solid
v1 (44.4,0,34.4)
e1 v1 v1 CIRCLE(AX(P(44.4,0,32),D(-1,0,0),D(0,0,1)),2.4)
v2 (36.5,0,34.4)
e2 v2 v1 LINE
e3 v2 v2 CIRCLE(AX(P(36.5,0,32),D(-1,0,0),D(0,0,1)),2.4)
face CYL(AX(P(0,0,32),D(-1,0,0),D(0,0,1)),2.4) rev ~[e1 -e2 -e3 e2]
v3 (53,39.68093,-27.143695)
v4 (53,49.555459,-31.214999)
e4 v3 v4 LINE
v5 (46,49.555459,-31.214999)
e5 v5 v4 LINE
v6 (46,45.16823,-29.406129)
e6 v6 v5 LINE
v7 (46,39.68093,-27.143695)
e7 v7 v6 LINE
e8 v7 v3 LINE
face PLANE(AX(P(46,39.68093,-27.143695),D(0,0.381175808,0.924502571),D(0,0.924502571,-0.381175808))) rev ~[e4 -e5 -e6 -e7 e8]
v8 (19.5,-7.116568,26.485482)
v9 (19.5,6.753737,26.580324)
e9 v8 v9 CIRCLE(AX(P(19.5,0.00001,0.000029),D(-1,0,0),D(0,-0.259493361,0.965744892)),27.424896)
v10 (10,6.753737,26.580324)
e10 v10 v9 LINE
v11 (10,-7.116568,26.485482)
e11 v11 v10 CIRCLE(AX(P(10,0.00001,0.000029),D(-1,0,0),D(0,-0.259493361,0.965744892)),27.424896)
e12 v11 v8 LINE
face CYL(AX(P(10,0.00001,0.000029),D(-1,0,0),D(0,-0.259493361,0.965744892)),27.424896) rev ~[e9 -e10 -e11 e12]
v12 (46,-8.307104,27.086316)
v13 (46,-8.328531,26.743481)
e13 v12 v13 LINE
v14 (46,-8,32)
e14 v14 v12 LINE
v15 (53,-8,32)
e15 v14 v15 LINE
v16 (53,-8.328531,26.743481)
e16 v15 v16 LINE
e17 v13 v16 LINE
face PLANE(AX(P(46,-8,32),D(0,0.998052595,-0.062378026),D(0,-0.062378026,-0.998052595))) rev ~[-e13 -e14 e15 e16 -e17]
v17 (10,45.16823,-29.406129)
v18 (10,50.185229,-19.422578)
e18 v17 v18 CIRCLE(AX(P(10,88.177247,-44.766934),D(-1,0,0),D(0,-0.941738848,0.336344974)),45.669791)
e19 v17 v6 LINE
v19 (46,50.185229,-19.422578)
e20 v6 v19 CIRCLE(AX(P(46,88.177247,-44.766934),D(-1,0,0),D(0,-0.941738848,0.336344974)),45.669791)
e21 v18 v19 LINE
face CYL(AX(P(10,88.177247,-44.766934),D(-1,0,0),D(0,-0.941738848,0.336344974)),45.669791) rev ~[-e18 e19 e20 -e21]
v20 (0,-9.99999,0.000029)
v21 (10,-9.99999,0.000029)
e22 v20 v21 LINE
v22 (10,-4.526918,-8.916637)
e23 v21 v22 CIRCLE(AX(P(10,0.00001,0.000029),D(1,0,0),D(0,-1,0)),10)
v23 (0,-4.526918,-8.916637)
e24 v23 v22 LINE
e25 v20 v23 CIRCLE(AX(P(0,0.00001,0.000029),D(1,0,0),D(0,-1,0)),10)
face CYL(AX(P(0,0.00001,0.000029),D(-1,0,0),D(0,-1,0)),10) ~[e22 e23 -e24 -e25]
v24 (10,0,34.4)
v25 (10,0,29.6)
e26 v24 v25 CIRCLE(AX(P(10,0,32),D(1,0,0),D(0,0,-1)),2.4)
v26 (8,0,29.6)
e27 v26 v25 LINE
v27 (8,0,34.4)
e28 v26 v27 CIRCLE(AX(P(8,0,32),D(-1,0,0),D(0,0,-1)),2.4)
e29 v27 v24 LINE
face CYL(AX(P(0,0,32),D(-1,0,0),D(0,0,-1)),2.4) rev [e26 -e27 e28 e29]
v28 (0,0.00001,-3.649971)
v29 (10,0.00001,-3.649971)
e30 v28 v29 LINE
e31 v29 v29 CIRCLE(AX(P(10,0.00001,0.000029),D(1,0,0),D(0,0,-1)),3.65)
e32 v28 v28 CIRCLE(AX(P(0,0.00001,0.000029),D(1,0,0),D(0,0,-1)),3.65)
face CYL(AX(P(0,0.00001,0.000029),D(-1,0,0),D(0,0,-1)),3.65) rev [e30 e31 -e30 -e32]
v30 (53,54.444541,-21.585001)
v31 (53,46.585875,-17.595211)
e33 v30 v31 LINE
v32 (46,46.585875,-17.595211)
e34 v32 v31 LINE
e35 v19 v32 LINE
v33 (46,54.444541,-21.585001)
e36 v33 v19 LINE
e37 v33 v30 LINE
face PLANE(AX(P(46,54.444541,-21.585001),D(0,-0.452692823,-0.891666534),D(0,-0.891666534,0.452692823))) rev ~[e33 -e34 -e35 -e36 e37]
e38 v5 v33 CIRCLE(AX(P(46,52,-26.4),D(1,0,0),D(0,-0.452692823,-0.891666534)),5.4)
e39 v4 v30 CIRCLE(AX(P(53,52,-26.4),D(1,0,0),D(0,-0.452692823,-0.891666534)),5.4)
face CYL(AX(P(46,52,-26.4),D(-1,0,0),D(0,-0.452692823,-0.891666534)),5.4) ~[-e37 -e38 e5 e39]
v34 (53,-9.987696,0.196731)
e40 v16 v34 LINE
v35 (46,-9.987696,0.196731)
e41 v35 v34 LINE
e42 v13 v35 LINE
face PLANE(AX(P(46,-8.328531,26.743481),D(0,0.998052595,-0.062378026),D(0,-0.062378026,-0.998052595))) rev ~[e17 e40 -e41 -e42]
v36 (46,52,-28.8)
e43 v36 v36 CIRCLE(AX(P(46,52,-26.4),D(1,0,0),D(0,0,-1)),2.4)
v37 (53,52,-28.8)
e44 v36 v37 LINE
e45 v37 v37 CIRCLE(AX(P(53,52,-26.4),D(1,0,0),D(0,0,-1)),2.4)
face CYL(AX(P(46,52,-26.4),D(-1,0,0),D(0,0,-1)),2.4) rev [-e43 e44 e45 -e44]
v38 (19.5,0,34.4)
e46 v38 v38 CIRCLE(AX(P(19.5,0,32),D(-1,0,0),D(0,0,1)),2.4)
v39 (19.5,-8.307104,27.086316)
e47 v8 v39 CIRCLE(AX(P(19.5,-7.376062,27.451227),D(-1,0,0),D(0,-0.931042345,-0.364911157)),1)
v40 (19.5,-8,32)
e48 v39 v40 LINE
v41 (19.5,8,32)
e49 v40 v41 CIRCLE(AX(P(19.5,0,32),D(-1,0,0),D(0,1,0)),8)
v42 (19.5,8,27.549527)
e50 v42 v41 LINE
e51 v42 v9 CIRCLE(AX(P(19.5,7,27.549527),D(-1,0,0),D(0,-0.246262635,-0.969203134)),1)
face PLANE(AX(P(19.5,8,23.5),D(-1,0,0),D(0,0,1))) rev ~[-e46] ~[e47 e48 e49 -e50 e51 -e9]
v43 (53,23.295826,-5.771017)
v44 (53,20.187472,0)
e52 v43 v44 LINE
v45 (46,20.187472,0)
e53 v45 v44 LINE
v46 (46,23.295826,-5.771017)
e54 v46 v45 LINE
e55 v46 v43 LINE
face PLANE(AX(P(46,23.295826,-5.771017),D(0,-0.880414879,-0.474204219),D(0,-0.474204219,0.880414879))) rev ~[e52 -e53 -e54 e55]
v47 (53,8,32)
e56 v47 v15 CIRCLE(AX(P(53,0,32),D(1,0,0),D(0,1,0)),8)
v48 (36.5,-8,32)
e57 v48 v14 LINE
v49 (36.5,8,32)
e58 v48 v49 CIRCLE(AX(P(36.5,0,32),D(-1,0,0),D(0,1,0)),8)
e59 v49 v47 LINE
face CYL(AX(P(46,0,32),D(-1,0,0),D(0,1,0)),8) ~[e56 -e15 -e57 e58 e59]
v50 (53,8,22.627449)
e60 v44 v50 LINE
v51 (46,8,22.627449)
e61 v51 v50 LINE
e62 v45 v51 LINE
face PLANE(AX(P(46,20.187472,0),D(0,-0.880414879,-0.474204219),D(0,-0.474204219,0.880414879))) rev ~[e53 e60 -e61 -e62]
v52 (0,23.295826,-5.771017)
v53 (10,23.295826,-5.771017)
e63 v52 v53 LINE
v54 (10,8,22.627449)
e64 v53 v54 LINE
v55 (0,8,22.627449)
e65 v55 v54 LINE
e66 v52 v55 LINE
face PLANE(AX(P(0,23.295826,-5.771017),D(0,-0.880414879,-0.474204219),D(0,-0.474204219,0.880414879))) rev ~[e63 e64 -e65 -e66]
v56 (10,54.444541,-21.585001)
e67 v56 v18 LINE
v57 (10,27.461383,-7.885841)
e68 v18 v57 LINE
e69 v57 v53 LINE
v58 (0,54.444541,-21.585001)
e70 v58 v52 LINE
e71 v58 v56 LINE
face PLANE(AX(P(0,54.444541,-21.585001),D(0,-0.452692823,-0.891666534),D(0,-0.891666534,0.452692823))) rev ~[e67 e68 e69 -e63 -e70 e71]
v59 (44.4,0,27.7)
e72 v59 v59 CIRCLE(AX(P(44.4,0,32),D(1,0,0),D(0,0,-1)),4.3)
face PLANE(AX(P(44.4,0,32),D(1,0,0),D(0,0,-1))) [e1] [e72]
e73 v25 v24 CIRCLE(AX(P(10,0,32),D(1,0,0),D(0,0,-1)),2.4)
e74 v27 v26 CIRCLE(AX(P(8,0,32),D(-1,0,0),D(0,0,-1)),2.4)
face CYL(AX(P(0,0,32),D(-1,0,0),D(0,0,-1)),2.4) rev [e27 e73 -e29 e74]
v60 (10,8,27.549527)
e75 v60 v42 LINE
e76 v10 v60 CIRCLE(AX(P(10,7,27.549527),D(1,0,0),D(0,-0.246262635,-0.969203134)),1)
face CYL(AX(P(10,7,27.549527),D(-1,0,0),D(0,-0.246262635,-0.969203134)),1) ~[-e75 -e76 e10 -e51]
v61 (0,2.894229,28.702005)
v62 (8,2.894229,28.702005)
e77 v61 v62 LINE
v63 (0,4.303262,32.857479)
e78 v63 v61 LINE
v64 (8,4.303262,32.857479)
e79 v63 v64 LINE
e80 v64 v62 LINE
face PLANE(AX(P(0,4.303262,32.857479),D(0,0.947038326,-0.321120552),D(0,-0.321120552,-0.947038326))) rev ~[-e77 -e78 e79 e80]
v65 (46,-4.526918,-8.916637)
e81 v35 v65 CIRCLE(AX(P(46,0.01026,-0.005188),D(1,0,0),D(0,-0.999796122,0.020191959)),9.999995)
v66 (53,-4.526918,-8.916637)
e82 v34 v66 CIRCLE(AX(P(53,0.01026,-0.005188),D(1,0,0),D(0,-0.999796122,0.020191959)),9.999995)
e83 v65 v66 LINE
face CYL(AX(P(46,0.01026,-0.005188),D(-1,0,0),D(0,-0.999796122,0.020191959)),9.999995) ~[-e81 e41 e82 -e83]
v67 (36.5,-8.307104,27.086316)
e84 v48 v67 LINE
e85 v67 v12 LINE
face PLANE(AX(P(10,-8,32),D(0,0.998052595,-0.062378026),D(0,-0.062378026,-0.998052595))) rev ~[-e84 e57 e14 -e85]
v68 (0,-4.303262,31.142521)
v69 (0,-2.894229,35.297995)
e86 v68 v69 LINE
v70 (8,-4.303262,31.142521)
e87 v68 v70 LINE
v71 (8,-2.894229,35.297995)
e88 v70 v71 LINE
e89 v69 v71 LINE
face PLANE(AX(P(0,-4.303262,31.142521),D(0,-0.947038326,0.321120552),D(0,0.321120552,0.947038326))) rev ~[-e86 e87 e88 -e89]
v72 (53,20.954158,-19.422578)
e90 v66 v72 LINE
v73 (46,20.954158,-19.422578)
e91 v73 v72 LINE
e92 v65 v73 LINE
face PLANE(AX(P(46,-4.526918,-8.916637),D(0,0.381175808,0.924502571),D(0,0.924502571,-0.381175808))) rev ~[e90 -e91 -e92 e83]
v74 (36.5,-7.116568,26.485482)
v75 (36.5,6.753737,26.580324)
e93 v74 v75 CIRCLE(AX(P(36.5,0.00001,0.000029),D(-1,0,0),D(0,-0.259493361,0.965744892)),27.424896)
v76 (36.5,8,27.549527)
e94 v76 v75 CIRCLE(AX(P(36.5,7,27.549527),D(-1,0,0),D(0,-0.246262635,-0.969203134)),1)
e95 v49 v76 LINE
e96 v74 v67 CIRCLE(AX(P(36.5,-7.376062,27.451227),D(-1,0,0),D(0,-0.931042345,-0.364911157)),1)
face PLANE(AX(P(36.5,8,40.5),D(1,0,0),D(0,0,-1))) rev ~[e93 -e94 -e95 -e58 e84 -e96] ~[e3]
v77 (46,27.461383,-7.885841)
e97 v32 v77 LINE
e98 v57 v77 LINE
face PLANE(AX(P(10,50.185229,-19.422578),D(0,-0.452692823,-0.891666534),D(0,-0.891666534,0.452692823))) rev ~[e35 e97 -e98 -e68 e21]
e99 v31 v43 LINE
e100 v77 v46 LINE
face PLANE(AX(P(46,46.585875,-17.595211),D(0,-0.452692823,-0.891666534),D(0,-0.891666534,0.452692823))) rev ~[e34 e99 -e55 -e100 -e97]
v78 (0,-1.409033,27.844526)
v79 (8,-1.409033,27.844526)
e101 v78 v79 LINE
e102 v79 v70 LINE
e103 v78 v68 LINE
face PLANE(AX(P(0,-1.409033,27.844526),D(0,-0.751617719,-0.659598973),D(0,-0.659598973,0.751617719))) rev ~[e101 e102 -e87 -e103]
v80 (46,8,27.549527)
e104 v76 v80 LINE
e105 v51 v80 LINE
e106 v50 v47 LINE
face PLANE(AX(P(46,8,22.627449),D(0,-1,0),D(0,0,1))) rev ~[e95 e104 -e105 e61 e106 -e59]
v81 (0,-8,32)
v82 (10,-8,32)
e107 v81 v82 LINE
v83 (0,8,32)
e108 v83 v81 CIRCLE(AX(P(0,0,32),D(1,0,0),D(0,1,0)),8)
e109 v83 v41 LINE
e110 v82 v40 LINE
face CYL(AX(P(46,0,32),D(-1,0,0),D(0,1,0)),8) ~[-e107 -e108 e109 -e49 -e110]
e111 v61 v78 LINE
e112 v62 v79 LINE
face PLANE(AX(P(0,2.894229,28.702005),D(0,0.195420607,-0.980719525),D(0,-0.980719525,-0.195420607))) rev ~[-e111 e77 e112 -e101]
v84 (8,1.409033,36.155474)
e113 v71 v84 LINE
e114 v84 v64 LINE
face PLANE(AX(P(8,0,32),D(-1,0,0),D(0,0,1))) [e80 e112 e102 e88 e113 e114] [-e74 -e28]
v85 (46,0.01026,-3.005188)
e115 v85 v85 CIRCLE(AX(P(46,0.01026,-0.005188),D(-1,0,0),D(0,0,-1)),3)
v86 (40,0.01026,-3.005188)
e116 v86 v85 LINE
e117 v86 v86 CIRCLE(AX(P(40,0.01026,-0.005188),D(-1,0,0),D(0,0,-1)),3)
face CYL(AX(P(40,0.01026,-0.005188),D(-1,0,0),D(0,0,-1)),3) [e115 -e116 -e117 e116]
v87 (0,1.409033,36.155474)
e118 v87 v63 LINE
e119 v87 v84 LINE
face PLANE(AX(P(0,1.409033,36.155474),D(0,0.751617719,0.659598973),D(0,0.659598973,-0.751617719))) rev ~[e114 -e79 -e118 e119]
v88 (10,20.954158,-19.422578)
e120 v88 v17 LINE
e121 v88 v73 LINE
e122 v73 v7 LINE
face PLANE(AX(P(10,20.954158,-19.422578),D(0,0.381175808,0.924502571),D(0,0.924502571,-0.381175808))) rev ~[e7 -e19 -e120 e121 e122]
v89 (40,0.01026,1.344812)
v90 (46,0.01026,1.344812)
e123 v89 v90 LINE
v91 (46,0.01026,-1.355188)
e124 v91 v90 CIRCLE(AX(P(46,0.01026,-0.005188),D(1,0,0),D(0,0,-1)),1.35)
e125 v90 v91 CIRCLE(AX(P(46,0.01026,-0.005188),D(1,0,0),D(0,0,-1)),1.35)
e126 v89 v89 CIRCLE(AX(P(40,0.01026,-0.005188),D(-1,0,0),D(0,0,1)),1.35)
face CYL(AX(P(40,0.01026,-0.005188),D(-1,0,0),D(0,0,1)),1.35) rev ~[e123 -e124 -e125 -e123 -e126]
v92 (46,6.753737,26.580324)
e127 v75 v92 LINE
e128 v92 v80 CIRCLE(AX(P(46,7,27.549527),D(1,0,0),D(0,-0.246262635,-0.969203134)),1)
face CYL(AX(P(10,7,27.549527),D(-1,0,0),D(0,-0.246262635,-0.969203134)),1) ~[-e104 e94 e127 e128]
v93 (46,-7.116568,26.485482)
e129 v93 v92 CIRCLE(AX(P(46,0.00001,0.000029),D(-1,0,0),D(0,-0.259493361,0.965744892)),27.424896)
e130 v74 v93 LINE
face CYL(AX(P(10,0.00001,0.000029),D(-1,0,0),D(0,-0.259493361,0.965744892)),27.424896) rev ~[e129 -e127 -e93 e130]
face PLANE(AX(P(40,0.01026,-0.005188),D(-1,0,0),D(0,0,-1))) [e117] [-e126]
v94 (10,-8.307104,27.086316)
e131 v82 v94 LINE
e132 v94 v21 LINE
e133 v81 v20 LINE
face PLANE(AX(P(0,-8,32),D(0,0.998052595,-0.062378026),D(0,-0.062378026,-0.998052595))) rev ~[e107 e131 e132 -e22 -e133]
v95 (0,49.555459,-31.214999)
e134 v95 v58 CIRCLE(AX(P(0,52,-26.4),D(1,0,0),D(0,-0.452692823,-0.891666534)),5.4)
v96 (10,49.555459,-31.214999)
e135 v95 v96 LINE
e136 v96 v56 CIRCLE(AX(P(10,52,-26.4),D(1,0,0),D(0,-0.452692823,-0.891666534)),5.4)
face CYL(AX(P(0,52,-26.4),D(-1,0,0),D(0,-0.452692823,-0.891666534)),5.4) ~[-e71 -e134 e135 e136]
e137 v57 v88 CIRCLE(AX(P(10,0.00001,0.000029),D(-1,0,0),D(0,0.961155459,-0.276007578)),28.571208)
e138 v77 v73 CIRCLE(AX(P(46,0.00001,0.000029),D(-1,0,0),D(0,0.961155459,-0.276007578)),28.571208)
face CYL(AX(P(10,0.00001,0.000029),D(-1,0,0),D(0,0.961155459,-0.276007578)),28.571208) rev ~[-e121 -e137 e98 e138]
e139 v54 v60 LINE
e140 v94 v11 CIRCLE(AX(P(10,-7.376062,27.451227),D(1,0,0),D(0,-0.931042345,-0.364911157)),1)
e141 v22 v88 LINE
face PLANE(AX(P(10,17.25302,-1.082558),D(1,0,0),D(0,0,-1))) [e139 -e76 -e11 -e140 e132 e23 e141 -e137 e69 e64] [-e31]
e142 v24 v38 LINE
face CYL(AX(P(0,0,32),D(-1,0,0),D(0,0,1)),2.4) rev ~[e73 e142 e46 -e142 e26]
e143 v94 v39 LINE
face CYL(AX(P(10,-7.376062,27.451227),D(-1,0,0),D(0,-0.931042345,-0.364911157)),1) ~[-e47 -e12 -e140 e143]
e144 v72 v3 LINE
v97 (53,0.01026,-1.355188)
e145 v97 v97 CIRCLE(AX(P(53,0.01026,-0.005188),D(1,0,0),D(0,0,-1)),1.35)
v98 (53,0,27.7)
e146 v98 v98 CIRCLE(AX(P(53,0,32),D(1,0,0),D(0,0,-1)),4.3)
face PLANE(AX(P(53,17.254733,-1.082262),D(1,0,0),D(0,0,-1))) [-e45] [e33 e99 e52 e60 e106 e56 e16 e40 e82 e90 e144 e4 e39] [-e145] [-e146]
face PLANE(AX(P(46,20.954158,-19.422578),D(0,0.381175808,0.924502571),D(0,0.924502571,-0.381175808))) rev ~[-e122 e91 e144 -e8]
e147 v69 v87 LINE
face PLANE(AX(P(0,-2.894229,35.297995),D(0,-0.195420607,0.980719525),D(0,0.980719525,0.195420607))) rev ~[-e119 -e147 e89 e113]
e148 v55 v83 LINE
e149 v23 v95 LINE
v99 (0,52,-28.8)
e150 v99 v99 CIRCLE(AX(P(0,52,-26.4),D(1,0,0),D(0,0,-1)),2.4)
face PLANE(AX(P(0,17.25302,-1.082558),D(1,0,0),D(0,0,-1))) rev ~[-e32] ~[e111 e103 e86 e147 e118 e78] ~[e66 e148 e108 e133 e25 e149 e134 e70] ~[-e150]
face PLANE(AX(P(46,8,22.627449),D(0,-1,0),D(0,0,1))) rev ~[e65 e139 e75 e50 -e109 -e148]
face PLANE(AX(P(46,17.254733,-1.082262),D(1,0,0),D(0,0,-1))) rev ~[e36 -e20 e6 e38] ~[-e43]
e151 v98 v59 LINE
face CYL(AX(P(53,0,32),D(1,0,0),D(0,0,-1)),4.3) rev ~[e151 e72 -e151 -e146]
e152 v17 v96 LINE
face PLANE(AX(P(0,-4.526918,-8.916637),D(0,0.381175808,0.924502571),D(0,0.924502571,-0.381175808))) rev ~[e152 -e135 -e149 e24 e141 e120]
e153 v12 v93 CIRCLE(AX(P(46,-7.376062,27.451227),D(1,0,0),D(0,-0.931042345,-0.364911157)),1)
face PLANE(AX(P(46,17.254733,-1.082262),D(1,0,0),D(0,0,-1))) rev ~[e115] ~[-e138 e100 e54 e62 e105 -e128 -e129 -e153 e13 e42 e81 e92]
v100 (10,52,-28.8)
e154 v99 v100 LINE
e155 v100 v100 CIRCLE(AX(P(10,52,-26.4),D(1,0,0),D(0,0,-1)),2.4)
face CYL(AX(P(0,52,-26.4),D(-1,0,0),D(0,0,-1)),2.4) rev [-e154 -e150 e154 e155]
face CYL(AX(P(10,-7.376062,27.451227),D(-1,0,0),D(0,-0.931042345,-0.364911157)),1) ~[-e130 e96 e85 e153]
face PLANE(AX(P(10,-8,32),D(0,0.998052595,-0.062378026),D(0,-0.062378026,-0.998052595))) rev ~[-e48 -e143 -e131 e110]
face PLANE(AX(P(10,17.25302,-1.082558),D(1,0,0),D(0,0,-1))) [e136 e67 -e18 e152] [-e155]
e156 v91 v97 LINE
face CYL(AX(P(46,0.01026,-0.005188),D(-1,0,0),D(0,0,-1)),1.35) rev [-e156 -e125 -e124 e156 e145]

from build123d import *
from build123d.topology import SkipClean

# Parameters (mm, degrees)
SKETCH19_R           = 2.4
SKETCH19_R_2         = 3.65
BASE_DEPTH           = 10
CONNECTOR_DEPTH      = 36
SKETCH21_R           = 2.4
SKETCH21_R_2         = 1.35
THINPLATE_DEPTH      = 7
SPACER_START         = 6
SKETCH22_R           = 3
SKETCH22_R_2         = 1.35
SPACER_DEPTH         = 6
SHOCKHOLE_DEPTH      = 83.760860315
SKETCH25_R           = 2.4
SHOCKSCREWHOLE_DEPTH = 88.771065847
SKETCH26_R           = 4.3
BOLTMOUNT_DEPTH      = 8.6
NUTMOUNT_DEPTH       = 8


with BuildPart() as part:
    # Sketch19 → Base (new body)
    with BuildSketch(Plane(origin=(0, 0, 0), x_dir=(0, 0, -1), z_dir=(1, 0, 0))):
        with BuildLine():
            Line((-32, -8), (-2.8782e-05, -9.999989824))
            ThreePointArc((-2.8782e-05, -9.999989824), (5.231162179, -8.522585739), (8.916636561, -4.52691805))
            Line((8.916636561, -4.52691805), (31.214999285, 49.555458758))
            ThreePointArc((31.214999285, 49.555458758), (28.844541242, 56.814999285), (21.585000715, 54.444541242))
            Line((21.585000715, 54.444541242), (5.771017186, 23.295825861))
            Line((5.771017186, 23.295825861), (-22.627449378, 8))
            Line((-22.627449378, 8), (-32, 8))
            ThreePointArc((-32, 8), (-40, 0), (-32, -8))
        make_face()
        with Locations((26.4, 52)):
            Circle(SKETCH19_R, mode=Mode.SUBTRACT)
        with Locations((-2.8782e-05, 1.0176e-05)):
            Circle(SKETCH19_R_2, mode=Mode.SUBTRACT)
        with Locations((-32, 0)):
            Circle(SKETCH19_R, mode=Mode.SUBTRACT)
    extrude(amount=BASE_DEPTH)

    # Sketch20 → Connector (add)
    with BuildSketch(Plane(origin=(10, 0, 0), x_dir=(0, 0, -1), z_dir=(1, 0, 0))):
        with BuildLine():
            Line((-27.54952713, 8), (-32, 8))
            ThreePointArc((-32, 8), (-40, 0), (-32, -8))
            Line((-32, -8), (-27.086315803, -8.307103976))
            ThreePointArc((-27.086315803, -8.307103976), (-26.558475485, -7.826611078), (-26.485482069, -7.116568271))
            ThreePointArc((-26.485482069, -7.116568271), (-27.424283751, -0.187510507), (-26.580323996, 6.753737364))
            ThreePointArc((-26.580323996, 6.753737364), (-26.760140458, 7.613896312), (-27.54952713, 8))
        make_face()
        with BuildLine():
            Line((19.422577767, 50.185228792), (7.885841247, 27.461383049))
            ThreePointArc((7.885841247, 27.461383049), (14.036502787, 24.885542674), (19.422577767, 20.954157761))
            Line((19.422577767, 20.954157761), (29.406128946, 45.16823049))
            ThreePointArc((29.406128946, 45.16823049), (24.260347085, 47.370265615), (19.422577767, 50.185228792))
        make_face()
    extrude(amount=CONNECTOR_DEPTH)

    # Sketch21 → ThinPlate (add)
    with BuildSketch(Plane(origin=(46, 0, 0), x_dir=(0, 0, -1), z_dir=(1, 0, 0))):
        with BuildLine():
            Line((-22.627449378, 8), (-27.540134214, 8))
            Line((-27.540134214, 8), (-32, 8))
            ThreePointArc((-32, 8), (-40, 0), (-32, -8))
            Line((-32, -8), (-26.743480668, -8.328531082))
            Line((-26.743480668, -8.328531082), (-0.196731301, -9.987695968))
            ThreePointArc((-0.196731301, -9.987695968), (5.145129551, -8.567670884), (8.916636561, -4.52691805))
            Line((8.916636561, -4.52691805), (19.422577767, 20.954157761))
            Line((19.422577767, 20.954157761), (27.143694623, 39.680929602))
            Line((27.143694623, 39.680929602), (31.214999285, 49.555458758))
            ThreePointArc((31.214999285, 49.555458758), (28.844541242, 56.814999285), (21.585000715, 54.444541242))
            Line((21.585000715, 54.444541242), (17.595211042, 46.585874718))
            Line((17.595211042, 46.585874718), (5.771017186, 23.295825861))
            Line((5.771017186, 23.295825861), (0, 20.187472327))
            Line((0, 20.187472327), (-22.627449378, 8))
        make_face()
        with Locations((26.4, 52)):
            Circle(SKETCH21_R, mode=Mode.SUBTRACT)
        with Locations(Location((-32, 0, 0), (0, 0, 180))):
            Circle(SKETCH21_R, mode=Mode.SUBTRACT)
        with Locations((0.005188187, 0.010260161)):
            Circle(SKETCH21_R_2, mode=Mode.SUBTRACT)
    extrude(amount=THINPLATE_DEPTH)

    # Sketch22 → Spacer (add)
    with SkipClean():  # the faces are left unmerged after this step: merging them gives an invalid solid
        with BuildSketch(Plane.ZY.offset(-46).offset(SPACER_START)):
            with Locations(Location((-0.005188187, 0.010260161, 0), (0, 0, 180))):
                Circle(SKETCH22_R)
            with Locations((-0.005188187, 0.010260161)):
                Circle(SKETCH22_R_2, mode=Mode.SUBTRACT)
        extrude(amount=-SPACER_DEPTH)

    # Sketch23 → ShockHole (cut, through all)
    with SkipClean():  # the faces are left unmerged after this step: merging them gives an invalid solid
        with BuildSketch(Plane(origin=(0, 8, 0), x_dir=(1, 0, 0), z_dir=(0, 1, 0))):
            Polygon((19.5, -32), (19.5, -40.5), (36.5, -40.5), (36.5, -32), (36.5, -23.5), (19.5, -23.5), align=None)
        extrude(amount=-SHOCKHOLE_DEPTH, mode=Mode.SUBTRACT)

    # Sketch25 → ShockScrewHole (cut, through all)
    with BuildSketch(Plane.ZY):
        with Locations((32, 0)):
            Circle(SKETCH25_R)
    extrude(amount=-SHOCKSCREWHOLE_DEPTH, mode=Mode.SUBTRACT)

    # Sketch26 → BoltMount (cut)
    with SkipClean():  # the faces are left unmerged after this step: merging them gives an invalid solid
        with BuildSketch(Plane(origin=(53, 0, 0), x_dir=(0, 0, -1), z_dir=(1, 0, 0))):
            with Locations((-32, 0)):
                Circle(SKETCH26_R)
        extrude(amount=-BOLTMOUNT_DEPTH, mode=Mode.SUBTRACT)

    # Sketch27 → NutMount (cut)
    with SkipClean():  # the faces are left unmerged after this step: merging them gives an invalid solid
        with BuildSketch(Plane.ZY):
            Polygon((35.297994862, -2.894229297), (36.155473526, 1.409032684), (32.857478664, 4.303261981), (28.702005138, 2.894229297), (27.844526474, -1.409032684), (31.142521336, -4.303261981), align=None)
        extrude(amount=-NUTMOUNT_DEPTH, mode=Mode.SUBTRACT)


solid = part.part
